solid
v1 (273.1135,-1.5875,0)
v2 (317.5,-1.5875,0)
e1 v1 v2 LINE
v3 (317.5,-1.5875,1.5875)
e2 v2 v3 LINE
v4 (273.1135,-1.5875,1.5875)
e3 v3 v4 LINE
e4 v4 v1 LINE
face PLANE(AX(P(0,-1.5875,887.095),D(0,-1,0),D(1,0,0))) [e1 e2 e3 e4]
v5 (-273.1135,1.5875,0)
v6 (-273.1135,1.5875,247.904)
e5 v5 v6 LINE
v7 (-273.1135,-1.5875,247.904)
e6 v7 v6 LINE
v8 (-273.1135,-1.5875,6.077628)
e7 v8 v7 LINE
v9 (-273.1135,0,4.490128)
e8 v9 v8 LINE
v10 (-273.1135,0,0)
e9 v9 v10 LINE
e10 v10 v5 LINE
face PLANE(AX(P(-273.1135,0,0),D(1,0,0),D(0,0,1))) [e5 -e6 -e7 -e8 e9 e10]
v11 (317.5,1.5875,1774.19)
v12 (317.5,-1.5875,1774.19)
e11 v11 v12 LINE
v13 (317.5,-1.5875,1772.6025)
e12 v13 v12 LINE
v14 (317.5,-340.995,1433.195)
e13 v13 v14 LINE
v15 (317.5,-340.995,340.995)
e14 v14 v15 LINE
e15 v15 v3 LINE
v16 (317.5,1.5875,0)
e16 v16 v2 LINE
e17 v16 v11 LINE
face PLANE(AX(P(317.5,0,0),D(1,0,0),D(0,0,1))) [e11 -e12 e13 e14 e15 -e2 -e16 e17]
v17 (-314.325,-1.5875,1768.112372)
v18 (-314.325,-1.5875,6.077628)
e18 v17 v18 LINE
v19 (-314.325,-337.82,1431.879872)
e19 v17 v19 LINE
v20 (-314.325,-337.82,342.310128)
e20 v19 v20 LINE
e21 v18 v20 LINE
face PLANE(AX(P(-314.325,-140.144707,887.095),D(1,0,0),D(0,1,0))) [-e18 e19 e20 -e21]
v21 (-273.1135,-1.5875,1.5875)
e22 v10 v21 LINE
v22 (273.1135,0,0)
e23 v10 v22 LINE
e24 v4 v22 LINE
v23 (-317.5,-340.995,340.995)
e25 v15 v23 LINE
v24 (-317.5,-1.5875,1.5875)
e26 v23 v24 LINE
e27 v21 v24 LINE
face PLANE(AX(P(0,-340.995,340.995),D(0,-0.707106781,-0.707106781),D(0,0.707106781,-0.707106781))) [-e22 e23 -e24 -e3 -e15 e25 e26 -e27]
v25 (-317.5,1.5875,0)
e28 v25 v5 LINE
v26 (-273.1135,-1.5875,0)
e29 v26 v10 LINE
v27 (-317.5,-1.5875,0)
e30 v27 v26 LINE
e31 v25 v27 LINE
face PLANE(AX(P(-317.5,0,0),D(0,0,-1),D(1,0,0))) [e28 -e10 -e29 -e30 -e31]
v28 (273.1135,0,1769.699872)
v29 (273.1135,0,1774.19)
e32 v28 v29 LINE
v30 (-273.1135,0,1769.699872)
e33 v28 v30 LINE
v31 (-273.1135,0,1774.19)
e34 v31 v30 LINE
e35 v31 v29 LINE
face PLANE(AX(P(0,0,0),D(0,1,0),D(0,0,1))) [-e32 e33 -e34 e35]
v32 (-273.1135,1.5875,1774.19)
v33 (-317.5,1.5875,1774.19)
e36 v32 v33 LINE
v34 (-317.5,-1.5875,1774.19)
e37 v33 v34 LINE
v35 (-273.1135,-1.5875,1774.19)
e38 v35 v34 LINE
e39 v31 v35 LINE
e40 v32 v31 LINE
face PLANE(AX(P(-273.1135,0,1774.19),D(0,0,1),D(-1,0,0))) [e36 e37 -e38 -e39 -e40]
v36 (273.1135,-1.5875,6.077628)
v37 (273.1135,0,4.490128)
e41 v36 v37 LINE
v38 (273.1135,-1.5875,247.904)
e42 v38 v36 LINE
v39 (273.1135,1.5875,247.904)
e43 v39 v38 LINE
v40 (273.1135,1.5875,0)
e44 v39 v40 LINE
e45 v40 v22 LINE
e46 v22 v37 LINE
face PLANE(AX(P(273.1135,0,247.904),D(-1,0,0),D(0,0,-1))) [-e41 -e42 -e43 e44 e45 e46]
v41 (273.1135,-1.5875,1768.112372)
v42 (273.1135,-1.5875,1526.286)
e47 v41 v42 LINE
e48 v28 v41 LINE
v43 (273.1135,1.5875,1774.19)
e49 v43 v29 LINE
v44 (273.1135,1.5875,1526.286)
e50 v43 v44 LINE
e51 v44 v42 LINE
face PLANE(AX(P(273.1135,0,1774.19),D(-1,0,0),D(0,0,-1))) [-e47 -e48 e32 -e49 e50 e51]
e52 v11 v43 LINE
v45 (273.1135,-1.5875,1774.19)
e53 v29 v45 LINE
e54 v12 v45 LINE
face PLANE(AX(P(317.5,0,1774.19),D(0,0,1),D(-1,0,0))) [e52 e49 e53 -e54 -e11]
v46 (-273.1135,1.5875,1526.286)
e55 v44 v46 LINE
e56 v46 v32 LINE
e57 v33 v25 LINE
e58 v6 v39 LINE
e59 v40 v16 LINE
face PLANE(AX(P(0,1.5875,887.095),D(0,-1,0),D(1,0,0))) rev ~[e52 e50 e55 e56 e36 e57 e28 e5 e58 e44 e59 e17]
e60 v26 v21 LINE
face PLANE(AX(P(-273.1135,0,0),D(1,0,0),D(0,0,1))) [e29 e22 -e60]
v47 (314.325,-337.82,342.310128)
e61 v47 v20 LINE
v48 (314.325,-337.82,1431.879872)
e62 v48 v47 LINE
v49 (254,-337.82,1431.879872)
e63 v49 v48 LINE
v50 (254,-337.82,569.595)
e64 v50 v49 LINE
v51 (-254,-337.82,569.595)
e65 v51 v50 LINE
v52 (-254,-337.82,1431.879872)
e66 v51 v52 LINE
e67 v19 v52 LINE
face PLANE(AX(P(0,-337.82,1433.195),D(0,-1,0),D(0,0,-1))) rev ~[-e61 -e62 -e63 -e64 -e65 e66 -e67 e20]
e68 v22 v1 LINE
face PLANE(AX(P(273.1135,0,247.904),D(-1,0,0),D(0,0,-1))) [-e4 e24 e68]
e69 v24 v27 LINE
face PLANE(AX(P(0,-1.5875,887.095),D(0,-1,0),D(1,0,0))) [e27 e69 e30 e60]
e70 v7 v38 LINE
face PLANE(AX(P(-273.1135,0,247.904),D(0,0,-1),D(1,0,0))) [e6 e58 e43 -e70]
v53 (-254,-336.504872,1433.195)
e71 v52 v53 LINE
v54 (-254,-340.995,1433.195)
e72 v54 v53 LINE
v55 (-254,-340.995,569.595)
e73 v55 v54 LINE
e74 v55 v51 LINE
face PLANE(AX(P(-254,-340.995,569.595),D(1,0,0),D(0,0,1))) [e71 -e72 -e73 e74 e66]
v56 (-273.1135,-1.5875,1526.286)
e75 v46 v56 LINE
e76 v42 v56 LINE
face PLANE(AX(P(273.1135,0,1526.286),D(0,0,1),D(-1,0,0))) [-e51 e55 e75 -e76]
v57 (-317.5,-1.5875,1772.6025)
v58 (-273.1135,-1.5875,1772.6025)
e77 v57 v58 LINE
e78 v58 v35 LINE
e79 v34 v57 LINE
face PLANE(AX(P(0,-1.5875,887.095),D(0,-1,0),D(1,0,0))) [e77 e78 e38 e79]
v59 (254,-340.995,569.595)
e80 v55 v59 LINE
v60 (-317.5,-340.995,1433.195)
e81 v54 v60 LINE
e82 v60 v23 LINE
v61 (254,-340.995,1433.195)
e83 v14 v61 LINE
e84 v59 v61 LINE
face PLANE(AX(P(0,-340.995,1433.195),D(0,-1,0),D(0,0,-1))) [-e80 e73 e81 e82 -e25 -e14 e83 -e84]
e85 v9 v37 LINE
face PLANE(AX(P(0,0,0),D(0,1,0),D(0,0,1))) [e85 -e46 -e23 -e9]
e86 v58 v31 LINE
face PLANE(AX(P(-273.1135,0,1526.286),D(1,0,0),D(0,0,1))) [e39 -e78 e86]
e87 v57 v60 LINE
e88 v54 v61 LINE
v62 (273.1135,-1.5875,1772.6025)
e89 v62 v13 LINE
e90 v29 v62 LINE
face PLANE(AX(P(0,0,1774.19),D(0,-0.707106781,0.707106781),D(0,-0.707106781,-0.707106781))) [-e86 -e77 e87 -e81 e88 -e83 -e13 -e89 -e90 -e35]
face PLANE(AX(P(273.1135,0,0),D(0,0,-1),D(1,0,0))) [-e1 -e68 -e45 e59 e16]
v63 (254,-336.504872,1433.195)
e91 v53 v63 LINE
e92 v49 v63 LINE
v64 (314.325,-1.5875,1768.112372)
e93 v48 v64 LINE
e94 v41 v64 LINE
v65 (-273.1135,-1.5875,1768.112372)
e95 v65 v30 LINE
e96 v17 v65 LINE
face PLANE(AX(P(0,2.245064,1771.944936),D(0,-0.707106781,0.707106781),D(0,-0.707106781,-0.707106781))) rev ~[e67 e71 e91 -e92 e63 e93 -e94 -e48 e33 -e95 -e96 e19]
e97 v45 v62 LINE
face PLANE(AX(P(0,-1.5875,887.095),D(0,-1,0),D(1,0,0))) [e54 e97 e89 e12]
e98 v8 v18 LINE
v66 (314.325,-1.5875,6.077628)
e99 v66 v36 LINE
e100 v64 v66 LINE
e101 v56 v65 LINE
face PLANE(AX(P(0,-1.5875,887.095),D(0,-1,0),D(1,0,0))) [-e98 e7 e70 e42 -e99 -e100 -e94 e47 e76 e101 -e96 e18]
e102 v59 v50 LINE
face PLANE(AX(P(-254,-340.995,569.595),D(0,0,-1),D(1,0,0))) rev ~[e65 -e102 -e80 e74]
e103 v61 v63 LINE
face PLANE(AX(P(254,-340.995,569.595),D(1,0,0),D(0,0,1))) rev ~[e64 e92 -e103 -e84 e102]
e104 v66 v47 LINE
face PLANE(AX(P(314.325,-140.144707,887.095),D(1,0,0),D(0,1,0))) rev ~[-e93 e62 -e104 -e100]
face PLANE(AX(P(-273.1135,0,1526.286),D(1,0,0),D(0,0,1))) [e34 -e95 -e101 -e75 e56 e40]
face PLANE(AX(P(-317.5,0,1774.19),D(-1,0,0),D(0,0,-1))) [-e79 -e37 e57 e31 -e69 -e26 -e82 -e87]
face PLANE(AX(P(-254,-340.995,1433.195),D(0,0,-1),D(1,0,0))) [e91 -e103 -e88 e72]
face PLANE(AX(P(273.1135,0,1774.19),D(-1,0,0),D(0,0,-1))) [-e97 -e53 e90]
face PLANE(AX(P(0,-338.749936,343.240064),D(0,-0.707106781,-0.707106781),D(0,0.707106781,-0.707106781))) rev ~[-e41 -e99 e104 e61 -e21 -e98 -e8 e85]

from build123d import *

# Parameters (mm, degrees)
F1_DEPTH = 317.5
F2_T     = -3.175
F4_DEPTH = 1.5875
F5_W     = 508
F5_H     = 863.6
F6_DEPTH = 4.4911280605


with BuildPart() as f1:
    # F0 (on Right) → F1 (new body, symmetric)
    with BuildSketch(Plane.YZ):
        Polygon((-340.995, 340.995), (0, 0), (0, 1774.19), (-340.995, 1433.195), align=None)
    extrude(amount=F1_DEPTH, both=True)

    # F2
    f2_openings = [f1.faces().sort_by_distance(p)[0] for p in [
        (0, 0, 887.095),
    ]]
    offset(amount=F2_T, openings=f2_openings)

    # F3 (on Front) → F4 (join, symmetric)
    with BuildSketch(Plane.XZ):
        Polygon((-273.1135, 247.904), (273.1135, 247.904), (273.1135, 0), (317.5, 0), (317.5, 247.904), (317.5, 1526.286), (317.5, 1774.19), (273.1135, 1774.19), (273.1135, 1526.286), (-273.1135, 1526.286), (-273.1135, 1774.19), (-317.5, 1774.19), (-317.5, 1526.286), (-317.5, 247.904), (-317.5, 0), (-273.1135, 0), align=None)
    extrude(amount=F4_DEPTH, both=True)

    # F5 (on face) → F6 (cut, through all)
    with BuildSketch(Plane.XZ.offset(340.995)):
        with Locations((0, 1001.395)):
            Rectangle(F5_W, F5_H)
    extrude(amount=-F6_DEPTH, mode=Mode.SUBTRACT)


solid = f1.part
